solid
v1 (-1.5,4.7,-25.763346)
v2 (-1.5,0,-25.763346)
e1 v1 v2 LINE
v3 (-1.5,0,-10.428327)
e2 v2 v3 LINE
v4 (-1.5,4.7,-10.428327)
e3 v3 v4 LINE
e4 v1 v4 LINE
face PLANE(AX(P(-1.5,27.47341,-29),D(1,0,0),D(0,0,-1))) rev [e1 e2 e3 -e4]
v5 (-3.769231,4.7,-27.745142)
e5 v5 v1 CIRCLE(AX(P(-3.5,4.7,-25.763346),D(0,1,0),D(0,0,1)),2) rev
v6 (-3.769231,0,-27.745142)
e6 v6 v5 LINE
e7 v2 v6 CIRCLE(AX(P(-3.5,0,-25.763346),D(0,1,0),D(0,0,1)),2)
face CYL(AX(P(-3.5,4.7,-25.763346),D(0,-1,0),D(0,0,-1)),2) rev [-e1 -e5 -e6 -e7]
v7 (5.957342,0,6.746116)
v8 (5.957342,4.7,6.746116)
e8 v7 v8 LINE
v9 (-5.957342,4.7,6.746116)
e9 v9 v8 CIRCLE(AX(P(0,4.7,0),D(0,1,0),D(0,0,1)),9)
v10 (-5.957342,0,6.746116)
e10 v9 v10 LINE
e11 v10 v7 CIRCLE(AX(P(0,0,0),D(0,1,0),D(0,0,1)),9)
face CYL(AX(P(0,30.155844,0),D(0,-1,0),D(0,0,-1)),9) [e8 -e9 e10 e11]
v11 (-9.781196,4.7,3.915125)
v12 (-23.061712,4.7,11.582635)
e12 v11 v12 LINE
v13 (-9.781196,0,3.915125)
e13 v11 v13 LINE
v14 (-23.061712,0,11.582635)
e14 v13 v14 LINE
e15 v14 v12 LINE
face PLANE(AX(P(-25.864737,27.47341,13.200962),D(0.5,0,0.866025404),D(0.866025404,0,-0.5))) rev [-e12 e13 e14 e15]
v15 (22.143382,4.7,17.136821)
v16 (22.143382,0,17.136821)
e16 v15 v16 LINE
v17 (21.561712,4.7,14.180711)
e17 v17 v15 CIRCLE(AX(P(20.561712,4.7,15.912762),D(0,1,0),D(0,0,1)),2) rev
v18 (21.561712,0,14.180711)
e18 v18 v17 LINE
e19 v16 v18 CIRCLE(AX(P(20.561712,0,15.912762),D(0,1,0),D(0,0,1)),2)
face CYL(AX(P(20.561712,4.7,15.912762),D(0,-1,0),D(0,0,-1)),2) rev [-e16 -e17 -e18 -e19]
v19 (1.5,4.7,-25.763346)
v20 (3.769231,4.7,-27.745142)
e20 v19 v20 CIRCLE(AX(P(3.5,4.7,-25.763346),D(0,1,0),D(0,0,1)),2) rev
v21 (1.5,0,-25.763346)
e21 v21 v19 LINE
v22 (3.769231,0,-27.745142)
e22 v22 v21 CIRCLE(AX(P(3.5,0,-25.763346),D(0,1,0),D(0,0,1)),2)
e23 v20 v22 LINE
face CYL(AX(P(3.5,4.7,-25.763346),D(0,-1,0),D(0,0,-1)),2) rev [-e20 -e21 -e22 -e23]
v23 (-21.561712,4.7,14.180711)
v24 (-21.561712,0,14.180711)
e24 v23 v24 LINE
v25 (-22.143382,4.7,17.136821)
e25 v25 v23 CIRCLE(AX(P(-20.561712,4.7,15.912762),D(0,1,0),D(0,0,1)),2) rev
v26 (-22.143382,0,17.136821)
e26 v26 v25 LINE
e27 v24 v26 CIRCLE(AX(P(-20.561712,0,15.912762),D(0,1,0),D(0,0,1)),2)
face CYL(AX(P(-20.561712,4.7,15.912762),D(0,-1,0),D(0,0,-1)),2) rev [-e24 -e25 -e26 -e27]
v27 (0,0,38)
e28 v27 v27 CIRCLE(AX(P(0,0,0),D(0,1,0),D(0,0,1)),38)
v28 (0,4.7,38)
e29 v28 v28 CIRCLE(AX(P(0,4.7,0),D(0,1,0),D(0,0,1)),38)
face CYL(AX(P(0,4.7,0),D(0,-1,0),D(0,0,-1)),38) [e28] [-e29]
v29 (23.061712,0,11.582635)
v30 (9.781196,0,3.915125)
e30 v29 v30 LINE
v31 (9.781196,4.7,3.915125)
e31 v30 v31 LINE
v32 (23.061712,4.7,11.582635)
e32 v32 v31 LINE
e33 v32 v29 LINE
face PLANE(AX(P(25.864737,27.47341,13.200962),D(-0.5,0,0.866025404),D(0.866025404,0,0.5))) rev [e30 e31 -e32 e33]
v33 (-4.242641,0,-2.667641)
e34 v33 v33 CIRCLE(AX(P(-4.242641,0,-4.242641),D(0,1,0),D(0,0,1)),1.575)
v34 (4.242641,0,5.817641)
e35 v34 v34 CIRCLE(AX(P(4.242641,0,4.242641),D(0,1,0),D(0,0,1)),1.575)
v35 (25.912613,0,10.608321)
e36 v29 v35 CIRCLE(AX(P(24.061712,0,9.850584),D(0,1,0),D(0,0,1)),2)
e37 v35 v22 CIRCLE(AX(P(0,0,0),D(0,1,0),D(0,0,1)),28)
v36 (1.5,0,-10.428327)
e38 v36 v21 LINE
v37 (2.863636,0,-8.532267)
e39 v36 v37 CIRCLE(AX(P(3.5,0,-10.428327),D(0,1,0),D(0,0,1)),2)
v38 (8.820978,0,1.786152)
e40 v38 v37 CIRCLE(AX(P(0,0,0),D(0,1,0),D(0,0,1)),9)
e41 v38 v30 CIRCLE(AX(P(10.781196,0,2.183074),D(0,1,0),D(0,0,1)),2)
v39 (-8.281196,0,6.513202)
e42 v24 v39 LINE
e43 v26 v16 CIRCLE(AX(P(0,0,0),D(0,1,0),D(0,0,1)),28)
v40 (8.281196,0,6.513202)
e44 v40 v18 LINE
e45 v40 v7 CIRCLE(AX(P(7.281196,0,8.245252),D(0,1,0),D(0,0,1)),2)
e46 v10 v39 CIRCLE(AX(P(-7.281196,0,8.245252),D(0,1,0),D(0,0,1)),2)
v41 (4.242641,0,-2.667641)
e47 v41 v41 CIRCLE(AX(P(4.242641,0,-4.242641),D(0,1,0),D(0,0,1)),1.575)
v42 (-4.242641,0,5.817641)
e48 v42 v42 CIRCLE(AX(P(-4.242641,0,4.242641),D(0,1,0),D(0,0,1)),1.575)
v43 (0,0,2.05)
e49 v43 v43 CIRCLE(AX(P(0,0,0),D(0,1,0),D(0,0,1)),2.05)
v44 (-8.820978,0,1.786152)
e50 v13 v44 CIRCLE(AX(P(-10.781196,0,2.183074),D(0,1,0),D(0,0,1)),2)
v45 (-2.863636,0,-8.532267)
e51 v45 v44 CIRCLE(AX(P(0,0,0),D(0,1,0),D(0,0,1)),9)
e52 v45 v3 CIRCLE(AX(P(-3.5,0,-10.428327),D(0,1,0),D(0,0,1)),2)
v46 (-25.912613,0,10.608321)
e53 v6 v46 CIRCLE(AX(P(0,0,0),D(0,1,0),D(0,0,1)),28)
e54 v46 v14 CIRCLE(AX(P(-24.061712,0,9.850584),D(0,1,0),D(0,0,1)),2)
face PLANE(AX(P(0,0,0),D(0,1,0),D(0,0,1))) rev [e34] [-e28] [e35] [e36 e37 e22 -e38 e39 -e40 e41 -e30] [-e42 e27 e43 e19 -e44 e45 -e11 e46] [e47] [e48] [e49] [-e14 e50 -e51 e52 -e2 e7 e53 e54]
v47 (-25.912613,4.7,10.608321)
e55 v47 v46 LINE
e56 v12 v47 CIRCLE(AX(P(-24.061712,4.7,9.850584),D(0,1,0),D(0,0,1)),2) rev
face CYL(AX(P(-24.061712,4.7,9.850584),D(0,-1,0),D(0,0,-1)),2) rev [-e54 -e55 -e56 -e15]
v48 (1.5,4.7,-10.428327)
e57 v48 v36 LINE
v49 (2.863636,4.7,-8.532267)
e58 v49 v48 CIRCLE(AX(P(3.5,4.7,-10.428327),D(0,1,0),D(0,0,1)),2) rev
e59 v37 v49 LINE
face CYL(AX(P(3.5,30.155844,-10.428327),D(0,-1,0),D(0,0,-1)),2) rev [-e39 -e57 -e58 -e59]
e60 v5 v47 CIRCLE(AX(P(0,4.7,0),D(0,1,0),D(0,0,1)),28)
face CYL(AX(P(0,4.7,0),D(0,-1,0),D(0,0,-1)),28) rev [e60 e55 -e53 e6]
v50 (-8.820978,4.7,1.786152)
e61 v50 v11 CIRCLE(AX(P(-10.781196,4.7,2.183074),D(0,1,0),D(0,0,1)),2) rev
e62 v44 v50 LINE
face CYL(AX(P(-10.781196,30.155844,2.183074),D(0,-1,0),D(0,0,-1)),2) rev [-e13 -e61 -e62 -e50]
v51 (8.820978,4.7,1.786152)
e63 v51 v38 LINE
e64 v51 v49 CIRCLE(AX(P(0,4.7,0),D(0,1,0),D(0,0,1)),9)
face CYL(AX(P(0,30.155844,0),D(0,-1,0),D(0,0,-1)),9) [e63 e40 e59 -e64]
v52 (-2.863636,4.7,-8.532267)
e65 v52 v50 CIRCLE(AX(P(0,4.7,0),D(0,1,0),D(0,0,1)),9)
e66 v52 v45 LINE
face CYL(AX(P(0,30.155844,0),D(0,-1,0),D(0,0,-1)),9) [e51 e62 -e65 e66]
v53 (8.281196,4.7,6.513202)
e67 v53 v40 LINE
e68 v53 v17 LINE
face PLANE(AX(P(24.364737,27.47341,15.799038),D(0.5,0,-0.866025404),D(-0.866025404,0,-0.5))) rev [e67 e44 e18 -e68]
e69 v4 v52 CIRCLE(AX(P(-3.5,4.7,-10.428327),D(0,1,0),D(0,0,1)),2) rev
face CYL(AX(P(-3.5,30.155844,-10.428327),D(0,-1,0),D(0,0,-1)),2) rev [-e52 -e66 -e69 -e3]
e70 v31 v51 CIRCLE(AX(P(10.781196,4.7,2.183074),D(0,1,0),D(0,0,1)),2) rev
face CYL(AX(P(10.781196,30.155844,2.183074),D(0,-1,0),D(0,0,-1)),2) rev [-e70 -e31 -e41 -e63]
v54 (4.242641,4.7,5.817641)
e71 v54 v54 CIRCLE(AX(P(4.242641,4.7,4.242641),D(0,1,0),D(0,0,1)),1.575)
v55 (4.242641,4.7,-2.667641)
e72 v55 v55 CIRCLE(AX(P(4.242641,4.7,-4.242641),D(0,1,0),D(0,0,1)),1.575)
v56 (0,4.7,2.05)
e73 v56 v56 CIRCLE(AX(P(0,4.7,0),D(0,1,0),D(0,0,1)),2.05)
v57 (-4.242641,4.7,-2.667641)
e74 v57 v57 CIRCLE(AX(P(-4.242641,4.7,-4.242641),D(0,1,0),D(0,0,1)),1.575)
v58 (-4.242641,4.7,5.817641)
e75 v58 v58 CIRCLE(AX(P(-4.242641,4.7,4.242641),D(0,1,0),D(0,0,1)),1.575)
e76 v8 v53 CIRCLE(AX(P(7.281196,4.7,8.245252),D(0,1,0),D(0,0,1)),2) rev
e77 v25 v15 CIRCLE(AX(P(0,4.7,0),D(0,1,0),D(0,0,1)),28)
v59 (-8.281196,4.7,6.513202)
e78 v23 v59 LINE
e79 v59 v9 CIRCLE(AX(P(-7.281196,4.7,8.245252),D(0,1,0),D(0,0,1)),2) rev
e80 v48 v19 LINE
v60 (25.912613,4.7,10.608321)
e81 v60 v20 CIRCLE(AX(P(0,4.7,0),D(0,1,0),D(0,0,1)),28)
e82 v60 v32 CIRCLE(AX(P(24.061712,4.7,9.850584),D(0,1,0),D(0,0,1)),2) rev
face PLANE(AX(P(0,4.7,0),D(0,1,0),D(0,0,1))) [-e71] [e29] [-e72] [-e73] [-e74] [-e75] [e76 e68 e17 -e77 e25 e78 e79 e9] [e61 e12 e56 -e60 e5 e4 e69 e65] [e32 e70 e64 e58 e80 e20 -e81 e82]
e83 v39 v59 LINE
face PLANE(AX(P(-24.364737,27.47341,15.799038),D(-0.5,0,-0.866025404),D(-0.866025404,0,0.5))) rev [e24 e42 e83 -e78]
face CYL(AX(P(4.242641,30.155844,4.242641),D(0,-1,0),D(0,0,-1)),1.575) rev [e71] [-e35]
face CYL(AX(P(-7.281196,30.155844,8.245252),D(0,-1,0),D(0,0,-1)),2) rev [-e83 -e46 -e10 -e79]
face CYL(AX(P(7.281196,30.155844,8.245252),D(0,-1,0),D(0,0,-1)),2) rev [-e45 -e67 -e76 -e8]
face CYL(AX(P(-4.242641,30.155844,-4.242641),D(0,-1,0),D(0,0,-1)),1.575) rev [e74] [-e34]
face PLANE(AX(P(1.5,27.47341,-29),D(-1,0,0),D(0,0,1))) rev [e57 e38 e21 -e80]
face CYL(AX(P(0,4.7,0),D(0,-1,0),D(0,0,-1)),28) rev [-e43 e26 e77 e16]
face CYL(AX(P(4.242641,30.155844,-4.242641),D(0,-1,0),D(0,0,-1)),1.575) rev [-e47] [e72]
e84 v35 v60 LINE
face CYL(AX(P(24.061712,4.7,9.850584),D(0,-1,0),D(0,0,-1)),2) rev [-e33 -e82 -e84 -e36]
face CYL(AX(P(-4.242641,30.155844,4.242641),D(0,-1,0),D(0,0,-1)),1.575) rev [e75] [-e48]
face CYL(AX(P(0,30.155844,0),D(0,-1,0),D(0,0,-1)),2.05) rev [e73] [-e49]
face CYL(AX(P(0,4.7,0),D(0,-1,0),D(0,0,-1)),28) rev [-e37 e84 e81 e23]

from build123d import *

# Parameters (mm, degrees)
SKETCH1_R           = 38
SKETCH1_R_2         = 28
BOSS_EXTRUDE1_DEPTH = 4.7
SKETCH2_R           = 9
SKETCH2_R_2         = 2.05
SKETCH2_R_3         = 1.575
BOSS_EXTRUDE2_DEPTH = 4.7
SKETCH3_W           = 3
SKETCH3_H           = 20.125880325
BOSS_EXTRUDE3_DEPTH = 4.7
FILLET1_R           = 2
FILLET2_R           = 2


with BuildPart() as part:
    # Sketch1 → Boss-Extrude1 (new body)
    with BuildSketch(Plane(origin=(0, 0, 0), x_dir=(1, 0, 0), z_dir=(0, 1, 0))):
        with Locations(Location((0, 0, 0), (0, 0, 270))):
            Circle(SKETCH1_R)
        with Locations(Location((0, 0, 0), (0, 0, 270))):
            Circle(SKETCH1_R_2, mode=Mode.SUBTRACT)
    extrude(amount=BOSS_EXTRUDE1_DEPTH)



with BuildPart() as body_2:
    # Sketch2 → Boss-Extrude2 (new body)
    with BuildSketch(Plane(origin=(0, 0, 0), x_dir=(1, 0, 0), z_dir=(0, 1, 0))):
        with Locations(Location((0, 0, 0), (0, 0, 270))):
            Circle(SKETCH2_R)
        with Locations(Location((0, 0, 0), (0, 0, 270))):
            Circle(SKETCH2_R_2, mode=Mode.SUBTRACT)
        with Locations(Location((-4.242640687, 4.242640687, 0), (0, 0, 270))):
            Circle(SKETCH2_R_3, mode=Mode.SUBTRACT)
        with Locations(Location((-4.242640687, -4.242640687, 0), (0, 0, 270))):
            Circle(SKETCH2_R_3, mode=Mode.SUBTRACT)
        with Locations(Location((4.242640687, -4.242640687, 0), (0, 0, 270))):
            Circle(SKETCH2_R_3, mode=Mode.SUBTRACT)
        with Locations(Location((4.242640687, 4.242640687, 0), (0, 0, 270))):
            Circle(SKETCH2_R_3, mode=Mode.SUBTRACT)
    extrude(amount=BOSS_EXTRUDE2_DEPTH)


with BuildPart() as part_1:
    add(part.part)

    add(body_2.part)  # Boss-Extrude3 merges body 2
    # Sketch3 → Boss-Extrude3 (add)
    with BuildSketch(Plane(origin=(0, 0, 0), x_dir=(1, 0, 0), z_dir=(0, 1, 0))):
        with Locations((0, 18.937059838)):
            Rectangle(SKETCH3_W, SKETCH3_H)
        Polygon((25.86473671, -13.200961894), (24.36473671, -15.799038106), (6.935213074, -5.736097943), (8.435213074, -3.138021732), align=None)
        Polygon((-24.36473671, -15.799038106), (-25.86473671, -13.200961894), (-8.435213074, -3.138021732), (-6.935213074, -5.736097943), align=None)
    extrude(amount=BOSS_EXTRUDE3_DEPTH)

    # Fillet1
    fillet1_edges = [part_1.edges().sort_by_distance(p)[0] for p in [
        (1.5, 2.35, -27.95979256),
        (-1.5, 2.35, -27.95979256),
        (24.963890642, 2.35, 12.680858174),
        (23.463890642, 2.35, 15.278934386),
        (-23.463890642, 2.35, 15.278934386),
        (-24.963890642, 2.35, 12.680858174),
    ]]
    fillet(fillet1_edges, radius=FILLET1_R)

    # Fillet2
    fillet2_edges = [part_1.edges().sort_by_distance(p)[0] for p in [
        (-1.5, 2.35, -8.874119675),
        (1.5, 2.35, -8.874119675),
        (8.435213074, 2.35, 3.138021732),
        (6.935213074, 2.35, 5.736097943),
        (-6.935213074, 2.35, 5.736097943),
        (-8.435213074, 2.35, 3.138021732),
    ]]
    fillet(fillet2_edges, radius=FILLET2_R)


solid = part_1.part
